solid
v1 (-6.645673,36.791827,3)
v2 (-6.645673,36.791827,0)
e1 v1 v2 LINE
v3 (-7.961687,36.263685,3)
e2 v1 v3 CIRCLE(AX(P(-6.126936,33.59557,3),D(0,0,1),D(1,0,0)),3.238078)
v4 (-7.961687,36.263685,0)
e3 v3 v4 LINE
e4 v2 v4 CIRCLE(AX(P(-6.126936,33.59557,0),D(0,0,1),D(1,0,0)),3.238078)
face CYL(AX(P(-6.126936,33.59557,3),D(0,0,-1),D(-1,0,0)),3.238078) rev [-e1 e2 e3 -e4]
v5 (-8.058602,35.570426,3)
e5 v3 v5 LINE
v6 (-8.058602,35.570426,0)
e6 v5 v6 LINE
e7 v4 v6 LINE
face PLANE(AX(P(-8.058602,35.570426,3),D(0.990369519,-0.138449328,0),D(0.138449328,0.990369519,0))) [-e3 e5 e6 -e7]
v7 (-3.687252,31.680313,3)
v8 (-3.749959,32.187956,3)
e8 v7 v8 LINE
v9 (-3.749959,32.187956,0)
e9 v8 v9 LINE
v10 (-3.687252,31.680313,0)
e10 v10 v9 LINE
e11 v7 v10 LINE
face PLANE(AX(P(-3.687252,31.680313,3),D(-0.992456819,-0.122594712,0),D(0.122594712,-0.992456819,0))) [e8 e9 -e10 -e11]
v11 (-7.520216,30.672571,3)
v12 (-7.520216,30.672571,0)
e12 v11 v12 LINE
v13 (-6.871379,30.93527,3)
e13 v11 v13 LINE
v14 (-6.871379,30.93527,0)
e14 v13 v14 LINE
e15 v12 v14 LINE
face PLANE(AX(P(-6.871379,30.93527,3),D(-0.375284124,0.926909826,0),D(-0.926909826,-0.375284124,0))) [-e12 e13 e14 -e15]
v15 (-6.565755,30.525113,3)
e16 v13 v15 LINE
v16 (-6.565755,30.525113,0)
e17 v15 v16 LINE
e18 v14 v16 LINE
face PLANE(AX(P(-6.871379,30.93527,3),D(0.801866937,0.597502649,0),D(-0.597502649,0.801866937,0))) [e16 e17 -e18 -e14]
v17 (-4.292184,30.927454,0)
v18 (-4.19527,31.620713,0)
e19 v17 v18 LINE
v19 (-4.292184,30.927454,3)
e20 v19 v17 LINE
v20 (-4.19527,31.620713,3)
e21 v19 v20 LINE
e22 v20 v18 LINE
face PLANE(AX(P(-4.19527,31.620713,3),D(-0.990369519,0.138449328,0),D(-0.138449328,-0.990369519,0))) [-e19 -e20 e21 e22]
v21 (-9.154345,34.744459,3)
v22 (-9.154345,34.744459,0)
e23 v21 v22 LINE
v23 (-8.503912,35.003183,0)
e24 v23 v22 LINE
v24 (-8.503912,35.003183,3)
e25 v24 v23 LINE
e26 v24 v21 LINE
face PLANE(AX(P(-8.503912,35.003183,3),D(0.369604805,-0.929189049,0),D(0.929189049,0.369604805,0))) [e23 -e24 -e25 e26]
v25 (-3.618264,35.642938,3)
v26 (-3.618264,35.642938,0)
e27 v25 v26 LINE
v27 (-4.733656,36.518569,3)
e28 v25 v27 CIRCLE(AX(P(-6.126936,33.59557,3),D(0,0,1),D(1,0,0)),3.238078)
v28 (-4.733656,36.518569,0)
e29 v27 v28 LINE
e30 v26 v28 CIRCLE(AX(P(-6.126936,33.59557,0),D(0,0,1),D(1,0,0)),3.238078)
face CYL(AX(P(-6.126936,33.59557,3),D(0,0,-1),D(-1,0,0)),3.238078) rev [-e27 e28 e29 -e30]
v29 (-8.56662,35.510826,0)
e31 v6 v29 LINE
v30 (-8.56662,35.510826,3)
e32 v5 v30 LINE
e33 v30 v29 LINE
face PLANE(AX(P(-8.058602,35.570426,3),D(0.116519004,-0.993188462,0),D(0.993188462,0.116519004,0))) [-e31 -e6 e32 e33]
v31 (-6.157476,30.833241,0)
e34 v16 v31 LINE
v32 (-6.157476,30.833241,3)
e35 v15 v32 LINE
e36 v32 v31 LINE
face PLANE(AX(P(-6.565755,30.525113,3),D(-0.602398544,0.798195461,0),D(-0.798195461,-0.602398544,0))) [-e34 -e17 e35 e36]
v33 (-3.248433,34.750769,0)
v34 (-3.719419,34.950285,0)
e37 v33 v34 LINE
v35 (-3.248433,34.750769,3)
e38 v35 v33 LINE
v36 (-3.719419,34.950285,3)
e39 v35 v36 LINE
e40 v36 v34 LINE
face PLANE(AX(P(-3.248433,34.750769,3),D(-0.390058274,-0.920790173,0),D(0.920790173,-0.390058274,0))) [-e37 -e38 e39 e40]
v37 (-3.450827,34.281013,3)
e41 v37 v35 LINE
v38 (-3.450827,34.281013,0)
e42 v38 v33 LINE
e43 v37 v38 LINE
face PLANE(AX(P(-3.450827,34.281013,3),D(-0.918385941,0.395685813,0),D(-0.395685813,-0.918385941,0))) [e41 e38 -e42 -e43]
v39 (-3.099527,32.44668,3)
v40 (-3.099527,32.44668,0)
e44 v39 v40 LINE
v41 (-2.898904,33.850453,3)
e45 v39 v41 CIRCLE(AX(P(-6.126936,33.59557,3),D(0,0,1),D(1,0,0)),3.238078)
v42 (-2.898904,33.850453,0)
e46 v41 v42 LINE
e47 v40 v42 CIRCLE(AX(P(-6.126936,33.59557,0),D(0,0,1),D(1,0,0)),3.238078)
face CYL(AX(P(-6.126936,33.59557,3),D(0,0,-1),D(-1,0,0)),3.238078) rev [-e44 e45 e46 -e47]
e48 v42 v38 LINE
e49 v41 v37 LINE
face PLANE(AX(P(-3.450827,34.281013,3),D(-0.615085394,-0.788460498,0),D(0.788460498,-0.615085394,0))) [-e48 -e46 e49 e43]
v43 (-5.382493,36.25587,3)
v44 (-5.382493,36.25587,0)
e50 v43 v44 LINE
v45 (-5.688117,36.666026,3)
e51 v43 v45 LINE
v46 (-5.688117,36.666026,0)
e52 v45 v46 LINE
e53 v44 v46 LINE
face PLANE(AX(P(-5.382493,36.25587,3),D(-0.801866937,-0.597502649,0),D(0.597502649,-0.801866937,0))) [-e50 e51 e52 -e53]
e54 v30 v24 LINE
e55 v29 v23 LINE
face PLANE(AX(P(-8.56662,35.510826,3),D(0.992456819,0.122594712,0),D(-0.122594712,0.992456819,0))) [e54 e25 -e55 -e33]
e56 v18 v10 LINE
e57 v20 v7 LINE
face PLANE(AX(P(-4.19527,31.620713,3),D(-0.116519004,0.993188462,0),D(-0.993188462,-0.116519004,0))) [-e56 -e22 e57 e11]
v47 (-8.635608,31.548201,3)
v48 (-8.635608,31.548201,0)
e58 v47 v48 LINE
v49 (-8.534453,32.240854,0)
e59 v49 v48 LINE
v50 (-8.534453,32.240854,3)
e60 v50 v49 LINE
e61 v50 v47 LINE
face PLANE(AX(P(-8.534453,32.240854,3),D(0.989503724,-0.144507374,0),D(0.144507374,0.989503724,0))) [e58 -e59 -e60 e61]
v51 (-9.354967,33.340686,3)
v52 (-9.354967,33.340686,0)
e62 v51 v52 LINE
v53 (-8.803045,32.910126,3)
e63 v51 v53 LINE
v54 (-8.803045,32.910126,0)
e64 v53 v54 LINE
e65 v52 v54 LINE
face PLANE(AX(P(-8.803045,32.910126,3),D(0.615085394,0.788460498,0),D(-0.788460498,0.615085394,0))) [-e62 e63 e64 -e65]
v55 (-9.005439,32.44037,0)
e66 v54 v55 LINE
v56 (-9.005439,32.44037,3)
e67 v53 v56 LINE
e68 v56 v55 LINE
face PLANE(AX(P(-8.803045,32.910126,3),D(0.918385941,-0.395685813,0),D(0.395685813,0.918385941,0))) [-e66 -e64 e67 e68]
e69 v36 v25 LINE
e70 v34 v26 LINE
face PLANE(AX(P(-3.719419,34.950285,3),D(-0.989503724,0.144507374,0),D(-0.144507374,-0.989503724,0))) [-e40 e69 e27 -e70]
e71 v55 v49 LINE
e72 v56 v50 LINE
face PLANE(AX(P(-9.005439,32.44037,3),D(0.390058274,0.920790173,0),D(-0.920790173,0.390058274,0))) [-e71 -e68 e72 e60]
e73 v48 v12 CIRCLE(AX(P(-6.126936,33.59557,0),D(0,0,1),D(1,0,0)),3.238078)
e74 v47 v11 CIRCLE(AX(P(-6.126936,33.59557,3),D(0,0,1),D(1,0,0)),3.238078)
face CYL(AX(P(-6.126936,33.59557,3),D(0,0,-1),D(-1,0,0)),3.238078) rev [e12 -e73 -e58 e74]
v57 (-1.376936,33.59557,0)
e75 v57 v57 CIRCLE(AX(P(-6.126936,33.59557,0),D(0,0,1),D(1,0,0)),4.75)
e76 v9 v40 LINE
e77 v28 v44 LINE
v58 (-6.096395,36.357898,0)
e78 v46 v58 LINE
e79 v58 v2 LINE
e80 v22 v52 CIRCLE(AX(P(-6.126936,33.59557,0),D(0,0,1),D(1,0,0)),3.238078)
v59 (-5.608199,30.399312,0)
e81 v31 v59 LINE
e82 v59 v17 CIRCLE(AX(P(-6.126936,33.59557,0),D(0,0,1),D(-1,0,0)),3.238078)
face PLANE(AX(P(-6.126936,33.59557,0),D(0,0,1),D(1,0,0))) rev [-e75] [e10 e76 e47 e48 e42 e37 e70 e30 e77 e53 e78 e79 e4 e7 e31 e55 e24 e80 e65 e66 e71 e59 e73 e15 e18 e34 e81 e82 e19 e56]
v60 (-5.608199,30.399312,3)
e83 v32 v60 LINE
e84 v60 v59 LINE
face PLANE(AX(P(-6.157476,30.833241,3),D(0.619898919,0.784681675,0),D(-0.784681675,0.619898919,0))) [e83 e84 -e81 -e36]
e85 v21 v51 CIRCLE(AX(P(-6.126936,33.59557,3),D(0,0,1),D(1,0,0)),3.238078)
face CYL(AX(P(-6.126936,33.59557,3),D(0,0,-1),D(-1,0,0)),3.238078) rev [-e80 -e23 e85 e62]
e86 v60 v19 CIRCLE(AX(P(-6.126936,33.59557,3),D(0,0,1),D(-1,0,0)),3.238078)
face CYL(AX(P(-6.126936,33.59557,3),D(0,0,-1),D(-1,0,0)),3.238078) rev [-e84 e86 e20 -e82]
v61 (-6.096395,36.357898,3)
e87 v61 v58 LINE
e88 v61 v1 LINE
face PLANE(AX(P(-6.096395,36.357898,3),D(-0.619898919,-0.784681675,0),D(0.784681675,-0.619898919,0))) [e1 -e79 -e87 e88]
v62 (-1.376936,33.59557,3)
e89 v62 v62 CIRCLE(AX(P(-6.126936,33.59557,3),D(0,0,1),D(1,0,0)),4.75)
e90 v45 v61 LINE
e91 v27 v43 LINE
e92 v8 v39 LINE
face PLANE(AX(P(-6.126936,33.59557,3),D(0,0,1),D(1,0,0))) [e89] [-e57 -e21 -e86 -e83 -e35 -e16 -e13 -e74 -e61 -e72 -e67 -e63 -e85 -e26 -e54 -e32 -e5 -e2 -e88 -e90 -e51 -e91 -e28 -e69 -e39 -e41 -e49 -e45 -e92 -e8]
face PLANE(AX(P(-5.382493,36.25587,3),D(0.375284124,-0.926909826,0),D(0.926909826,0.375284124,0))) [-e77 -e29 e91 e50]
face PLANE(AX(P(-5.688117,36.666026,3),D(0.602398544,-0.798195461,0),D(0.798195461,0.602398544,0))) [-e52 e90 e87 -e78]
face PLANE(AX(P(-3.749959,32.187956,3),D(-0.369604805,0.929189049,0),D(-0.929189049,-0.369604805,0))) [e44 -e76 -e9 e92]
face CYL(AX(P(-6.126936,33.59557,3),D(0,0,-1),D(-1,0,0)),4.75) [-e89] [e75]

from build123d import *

# Parameters (mm, degrees)
SKETCH5_R           = 4.75
BOSS_EXTRUDE1_DEPTH = 3


with BuildPart() as part:
    # Sketch5 → Boss-Extrude1 (new body)
    with BuildSketch(Plane.XY):
        with Locations((-6.126935789, 33.595569574)):
            Circle(SKETCH5_R)
        with BuildLine():
            Line((-6.157476241, 30.83324102), (-5.608199069, 30.399311777))
            ThreePointArc((-5.608199069, 30.399311777), (-4.920925769, 30.590458674), (-4.292184426, 30.927454297))
            Line((-4.292184426, 30.927454297), (-4.195269897, 31.620712961))
            Line((-4.195269897, 31.620712961), (-3.687251853, 31.680312683))
            Line((-3.687251853, 31.680312683), (-3.749959313, 32.187956489))
            Line((-3.749959313, 32.187956489), (-3.099526979, 32.446679853))
            ThreePointArc((-3.099526979, 32.446679853), (-2.921428398, 33.137449439), (-2.898904497, 33.850453225))
            Line((-2.898904497, 33.850453225), (-3.450826846, 34.281013001))
            Line((-3.450826846, 34.281013001), (-3.248432698, 34.750769394))
            Line((-3.248432698, 34.750769394), (-3.719418861, 34.950285044))
            Line((-3.719418861, 34.950285044), (-3.618263699, 35.64293765))
            ThreePointArc((-3.618263699, 35.64293765), (-4.127438418, 36.142560339), (-4.73365586, 36.518568502))
            Line((-4.73365586, 36.518568502), (-5.382492738, 36.255869615))
            Line((-5.382492738, 36.255869615), (-5.688116634, 36.666026285))
            Line((-5.688116634, 36.666026285), (-6.096395336, 36.357898129))
            Line((-6.096395336, 36.357898129), (-6.645672508, 36.791827372))
            ThreePointArc((-6.645672508, 36.791827372), (-7.332945809, 36.600680475), (-7.961687151, 36.263684851))
            Line((-7.961687151, 36.263684851), (-8.05860168, 35.570426188))
            Line((-8.05860168, 35.570426188), (-8.566619724, 35.510826466))
            Line((-8.566619724, 35.510826466), (-8.503912264, 35.00318266))
            Line((-8.503912264, 35.00318266), (-9.154344598, 34.744459296))
            ThreePointArc((-9.154344598, 34.744459296), (-9.33244318, 34.05368971), (-9.35496708, 33.340685924))
            Line((-9.35496708, 33.340685924), (-8.803044731, 32.910126148))
            Line((-8.803044731, 32.910126148), (-9.005438879, 32.440369755))
            Line((-9.005438879, 32.440369755), (-8.534452717, 32.240854105))
            Line((-8.534452717, 32.240854105), (-8.635607878, 31.548201498))
            ThreePointArc((-8.635607878, 31.548201498), (-8.12643316, 31.04857881), (-7.520215718, 30.672570647))
            Line((-7.520215718, 30.672570647), (-6.871378839, 30.935269534))
            Line((-6.871378839, 30.935269534), (-6.565754944, 30.525112863))
            Line((-6.565754944, 30.525112863), (-6.157476241, 30.83324102))
        make_face(mode=Mode.SUBTRACT)
    extrude(amount=BOSS_EXTRUDE1_DEPTH)


solid = part.part
